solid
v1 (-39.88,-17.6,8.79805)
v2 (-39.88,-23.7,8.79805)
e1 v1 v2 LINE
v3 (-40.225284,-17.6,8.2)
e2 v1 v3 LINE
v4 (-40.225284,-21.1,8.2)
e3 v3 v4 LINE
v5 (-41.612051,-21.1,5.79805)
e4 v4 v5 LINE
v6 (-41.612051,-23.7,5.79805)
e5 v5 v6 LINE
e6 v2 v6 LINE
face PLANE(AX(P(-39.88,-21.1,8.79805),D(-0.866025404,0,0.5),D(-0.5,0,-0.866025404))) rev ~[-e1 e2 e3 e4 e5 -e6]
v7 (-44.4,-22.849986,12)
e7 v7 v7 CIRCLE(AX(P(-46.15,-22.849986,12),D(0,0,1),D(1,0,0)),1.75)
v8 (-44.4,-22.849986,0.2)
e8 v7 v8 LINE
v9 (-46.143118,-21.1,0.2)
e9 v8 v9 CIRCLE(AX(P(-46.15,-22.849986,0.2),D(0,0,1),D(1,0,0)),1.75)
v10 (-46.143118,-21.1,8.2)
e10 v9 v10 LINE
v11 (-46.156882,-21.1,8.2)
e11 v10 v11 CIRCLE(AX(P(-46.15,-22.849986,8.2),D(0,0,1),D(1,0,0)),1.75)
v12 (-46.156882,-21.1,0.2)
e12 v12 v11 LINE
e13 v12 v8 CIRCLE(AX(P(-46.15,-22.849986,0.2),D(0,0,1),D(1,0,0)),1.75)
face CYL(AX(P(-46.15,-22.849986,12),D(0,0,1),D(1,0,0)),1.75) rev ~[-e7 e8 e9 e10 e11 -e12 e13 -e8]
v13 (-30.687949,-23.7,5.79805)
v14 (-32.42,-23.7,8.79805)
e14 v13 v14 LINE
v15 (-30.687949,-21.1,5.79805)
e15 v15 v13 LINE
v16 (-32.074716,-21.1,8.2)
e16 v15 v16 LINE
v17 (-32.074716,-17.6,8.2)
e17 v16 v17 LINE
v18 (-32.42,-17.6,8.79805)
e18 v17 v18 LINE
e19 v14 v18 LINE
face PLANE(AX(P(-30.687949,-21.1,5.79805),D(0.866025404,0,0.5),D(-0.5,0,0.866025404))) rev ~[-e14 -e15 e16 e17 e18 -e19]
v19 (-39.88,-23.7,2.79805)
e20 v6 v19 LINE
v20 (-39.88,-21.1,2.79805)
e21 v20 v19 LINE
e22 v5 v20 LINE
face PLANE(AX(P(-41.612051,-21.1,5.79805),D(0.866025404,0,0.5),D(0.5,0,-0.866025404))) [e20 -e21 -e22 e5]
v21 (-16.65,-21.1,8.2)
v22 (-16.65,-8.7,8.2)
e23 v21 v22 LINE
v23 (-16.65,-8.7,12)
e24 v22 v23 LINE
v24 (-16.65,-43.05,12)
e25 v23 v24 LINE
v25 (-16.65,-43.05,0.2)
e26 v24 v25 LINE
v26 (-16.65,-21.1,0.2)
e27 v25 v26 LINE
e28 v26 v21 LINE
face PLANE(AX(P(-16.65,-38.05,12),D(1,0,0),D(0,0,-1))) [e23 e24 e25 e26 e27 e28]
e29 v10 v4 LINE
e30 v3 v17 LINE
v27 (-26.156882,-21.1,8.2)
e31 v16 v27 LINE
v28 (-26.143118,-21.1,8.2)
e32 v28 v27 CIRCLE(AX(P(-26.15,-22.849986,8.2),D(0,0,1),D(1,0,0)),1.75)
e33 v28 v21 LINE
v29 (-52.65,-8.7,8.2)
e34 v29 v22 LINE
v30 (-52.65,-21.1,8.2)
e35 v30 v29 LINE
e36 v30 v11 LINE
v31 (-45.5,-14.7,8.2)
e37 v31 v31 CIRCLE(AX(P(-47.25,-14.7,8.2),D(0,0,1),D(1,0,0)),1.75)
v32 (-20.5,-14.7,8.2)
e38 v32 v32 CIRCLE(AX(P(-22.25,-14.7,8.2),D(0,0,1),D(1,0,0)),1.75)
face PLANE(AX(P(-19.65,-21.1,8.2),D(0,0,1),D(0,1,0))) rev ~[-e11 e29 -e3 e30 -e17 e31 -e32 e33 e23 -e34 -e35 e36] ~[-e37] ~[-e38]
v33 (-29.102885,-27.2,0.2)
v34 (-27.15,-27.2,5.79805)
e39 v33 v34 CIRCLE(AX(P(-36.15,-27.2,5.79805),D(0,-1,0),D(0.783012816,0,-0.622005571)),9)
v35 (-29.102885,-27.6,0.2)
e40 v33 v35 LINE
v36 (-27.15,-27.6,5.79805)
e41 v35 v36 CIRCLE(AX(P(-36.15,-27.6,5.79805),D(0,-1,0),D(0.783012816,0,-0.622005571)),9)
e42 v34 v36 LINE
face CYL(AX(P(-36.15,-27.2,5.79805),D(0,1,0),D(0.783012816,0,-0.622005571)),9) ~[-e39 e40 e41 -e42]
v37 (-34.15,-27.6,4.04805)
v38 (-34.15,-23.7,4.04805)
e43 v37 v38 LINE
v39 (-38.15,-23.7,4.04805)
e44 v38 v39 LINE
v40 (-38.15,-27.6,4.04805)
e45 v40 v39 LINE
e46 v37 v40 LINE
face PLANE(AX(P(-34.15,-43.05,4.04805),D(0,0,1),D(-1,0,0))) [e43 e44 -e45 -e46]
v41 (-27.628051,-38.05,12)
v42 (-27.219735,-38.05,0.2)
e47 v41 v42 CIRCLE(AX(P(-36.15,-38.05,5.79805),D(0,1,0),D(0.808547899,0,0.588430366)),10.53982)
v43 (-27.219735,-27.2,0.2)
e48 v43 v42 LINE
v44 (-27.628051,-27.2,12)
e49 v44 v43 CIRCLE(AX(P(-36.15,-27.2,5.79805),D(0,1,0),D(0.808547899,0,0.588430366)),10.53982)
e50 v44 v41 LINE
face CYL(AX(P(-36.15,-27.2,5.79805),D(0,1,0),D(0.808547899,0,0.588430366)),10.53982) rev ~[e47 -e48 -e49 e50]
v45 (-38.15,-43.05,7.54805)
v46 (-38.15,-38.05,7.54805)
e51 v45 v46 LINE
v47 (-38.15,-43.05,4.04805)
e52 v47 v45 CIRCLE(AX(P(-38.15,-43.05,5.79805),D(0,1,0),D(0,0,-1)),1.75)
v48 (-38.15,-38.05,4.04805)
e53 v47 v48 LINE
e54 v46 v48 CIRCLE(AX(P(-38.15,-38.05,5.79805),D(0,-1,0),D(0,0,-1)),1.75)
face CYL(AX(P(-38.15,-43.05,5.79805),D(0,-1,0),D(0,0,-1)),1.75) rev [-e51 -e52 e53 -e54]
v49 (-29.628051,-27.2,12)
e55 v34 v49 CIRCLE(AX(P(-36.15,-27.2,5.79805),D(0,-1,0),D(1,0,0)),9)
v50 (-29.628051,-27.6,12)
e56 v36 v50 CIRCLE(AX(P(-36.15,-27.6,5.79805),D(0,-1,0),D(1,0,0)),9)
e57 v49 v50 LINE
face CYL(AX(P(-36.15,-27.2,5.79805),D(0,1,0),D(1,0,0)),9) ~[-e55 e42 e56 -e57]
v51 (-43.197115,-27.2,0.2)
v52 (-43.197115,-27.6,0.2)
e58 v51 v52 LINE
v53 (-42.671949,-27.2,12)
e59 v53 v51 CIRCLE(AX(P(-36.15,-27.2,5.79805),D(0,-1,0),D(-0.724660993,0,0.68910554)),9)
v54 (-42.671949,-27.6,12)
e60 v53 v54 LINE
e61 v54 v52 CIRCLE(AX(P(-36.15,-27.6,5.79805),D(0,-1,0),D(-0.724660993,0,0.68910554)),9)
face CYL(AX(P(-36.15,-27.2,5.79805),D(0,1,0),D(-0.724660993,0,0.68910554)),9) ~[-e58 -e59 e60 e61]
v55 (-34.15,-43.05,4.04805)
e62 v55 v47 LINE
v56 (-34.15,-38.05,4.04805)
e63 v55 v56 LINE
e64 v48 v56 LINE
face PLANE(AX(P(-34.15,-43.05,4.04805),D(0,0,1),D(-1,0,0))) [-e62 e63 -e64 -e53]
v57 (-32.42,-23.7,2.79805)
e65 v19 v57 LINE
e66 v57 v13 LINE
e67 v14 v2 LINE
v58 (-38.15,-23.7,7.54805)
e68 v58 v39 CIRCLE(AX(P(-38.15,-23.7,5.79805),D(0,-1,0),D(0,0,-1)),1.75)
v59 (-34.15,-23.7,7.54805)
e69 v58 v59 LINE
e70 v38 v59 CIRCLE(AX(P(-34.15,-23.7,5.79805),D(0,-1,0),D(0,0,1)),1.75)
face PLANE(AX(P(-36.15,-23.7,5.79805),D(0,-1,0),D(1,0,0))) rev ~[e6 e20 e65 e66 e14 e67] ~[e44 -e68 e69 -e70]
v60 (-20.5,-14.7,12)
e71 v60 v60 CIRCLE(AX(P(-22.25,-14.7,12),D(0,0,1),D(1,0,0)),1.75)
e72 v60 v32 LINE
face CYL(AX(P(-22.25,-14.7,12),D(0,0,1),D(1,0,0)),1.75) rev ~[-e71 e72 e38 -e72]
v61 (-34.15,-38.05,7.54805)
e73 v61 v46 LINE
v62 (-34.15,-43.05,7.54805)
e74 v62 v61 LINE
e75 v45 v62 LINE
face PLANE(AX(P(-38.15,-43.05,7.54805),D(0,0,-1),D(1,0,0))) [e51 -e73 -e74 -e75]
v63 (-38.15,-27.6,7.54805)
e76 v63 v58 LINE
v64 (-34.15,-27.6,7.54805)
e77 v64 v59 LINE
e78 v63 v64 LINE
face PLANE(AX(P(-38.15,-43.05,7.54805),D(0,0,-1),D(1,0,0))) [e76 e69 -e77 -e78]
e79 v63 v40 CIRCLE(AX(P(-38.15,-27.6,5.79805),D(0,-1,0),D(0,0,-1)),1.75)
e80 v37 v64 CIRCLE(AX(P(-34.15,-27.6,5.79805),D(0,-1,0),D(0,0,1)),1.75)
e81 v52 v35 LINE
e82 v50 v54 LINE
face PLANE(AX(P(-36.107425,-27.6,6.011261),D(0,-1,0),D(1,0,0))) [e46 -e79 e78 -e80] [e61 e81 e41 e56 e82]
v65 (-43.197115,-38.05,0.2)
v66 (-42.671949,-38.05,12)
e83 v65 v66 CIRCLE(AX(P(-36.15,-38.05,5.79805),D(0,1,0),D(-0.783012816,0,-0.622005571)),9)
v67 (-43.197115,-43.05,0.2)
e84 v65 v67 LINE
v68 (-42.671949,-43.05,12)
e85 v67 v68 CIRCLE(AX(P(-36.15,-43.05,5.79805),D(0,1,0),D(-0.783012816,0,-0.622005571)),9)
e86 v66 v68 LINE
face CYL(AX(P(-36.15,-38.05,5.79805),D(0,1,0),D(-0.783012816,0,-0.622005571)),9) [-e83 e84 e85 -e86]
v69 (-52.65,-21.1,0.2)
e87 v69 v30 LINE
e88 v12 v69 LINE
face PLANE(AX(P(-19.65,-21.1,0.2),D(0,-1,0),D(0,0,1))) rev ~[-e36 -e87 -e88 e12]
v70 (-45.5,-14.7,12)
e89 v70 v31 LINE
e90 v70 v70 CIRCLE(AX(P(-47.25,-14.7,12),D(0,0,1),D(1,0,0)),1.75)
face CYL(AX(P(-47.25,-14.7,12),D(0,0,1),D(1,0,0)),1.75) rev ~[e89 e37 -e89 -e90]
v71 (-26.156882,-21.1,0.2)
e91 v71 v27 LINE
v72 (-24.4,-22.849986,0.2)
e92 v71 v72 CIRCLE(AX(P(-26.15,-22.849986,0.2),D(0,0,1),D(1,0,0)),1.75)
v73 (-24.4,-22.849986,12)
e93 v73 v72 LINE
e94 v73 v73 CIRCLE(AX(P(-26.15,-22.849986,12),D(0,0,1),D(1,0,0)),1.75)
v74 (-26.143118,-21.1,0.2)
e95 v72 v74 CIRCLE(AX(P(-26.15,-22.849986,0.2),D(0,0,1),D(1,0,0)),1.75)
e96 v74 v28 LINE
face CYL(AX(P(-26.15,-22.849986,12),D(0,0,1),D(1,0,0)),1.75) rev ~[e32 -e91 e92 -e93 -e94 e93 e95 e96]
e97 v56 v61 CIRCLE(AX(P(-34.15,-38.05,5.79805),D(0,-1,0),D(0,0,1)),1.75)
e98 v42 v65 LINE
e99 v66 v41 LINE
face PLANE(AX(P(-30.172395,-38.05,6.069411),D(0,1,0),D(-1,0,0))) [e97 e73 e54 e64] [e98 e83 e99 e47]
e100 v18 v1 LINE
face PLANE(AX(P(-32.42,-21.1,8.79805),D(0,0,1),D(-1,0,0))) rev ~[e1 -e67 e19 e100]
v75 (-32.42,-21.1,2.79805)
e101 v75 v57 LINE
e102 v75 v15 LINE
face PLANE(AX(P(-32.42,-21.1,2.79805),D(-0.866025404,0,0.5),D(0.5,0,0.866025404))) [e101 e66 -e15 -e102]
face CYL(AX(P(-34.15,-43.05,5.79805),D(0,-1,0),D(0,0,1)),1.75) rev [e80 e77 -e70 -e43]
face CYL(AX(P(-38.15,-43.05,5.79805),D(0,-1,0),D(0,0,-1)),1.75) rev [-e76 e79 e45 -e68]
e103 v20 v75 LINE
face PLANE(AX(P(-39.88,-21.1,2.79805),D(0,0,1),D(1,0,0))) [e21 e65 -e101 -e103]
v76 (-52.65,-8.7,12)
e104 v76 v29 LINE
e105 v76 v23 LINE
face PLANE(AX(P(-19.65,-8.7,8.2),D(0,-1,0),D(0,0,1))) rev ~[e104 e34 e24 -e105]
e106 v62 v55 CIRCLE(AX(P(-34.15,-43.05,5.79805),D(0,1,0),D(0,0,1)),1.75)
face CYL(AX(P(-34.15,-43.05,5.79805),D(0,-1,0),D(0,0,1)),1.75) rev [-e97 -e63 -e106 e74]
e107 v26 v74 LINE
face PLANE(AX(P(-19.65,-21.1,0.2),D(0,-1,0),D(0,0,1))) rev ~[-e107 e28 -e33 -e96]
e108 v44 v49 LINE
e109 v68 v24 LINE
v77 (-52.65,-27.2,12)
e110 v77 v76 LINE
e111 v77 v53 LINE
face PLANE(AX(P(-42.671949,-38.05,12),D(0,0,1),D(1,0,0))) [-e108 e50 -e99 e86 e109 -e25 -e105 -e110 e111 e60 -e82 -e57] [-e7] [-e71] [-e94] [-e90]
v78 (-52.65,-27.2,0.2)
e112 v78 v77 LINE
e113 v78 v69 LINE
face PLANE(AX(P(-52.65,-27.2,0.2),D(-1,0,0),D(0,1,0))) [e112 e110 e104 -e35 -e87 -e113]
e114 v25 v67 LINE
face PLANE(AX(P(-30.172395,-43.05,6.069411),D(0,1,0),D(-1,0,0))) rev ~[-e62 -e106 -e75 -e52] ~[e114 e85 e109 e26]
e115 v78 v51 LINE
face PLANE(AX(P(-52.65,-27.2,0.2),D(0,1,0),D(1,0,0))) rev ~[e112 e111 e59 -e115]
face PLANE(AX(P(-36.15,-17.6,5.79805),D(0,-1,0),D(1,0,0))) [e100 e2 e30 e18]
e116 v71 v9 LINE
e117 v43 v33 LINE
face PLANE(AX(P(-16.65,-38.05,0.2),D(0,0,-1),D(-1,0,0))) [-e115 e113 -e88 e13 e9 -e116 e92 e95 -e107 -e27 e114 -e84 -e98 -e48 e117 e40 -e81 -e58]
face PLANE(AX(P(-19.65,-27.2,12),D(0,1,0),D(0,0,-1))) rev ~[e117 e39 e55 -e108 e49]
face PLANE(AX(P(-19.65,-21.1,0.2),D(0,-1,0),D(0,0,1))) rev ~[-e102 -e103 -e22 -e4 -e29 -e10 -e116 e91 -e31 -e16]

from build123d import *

# Parameters (mm, degrees)
SALIENTE_EXTRUIR2_START    = 0.2
CROQUIS2_W                 = 33
CROQUIS2_H                 = 6.1
SALIENTE_EXTRUIR2_DEPTH    = 11.8
SALIENTE_EXTRUIR3_DEPTH    = 18.5
SALIENTE_EXTRUIR5_DEPTH    = 0.4
SALIENTE_EXTRUIR6_DEPTH    = 3
CORTAR_EXTRUIR1_REACH      = 13.8
CROQUIS5_R                 = 1.75
CORTAR_EXTRUIR2_START      = -6.1
CORTAR_EXTRUIR2_DEPTH      = 2.6
CORTAR_EXTRUIR2_DEPTH_BACK = 3.5
CORTAR_EXTRUIR3_DEPTH      = 1.4
CORTAR_EXTRUIR3_DEPTH_BACK = 19.5
SALIENTE_EXTRUIR7_DEPTH    = 10.85
SALIENTE_EXTRUIR8_DEPTH    = 5
CORTAR_EXTRUIR4_DEPTH      = 35.35


with BuildPart() as part:
    # Croquis2 → Saliente-Extruir2 (new body)
    with BuildSketch(Plane.XY.offset(SALIENTE_EXTRUIR2_START)):
        with Locations((-36.15, -24.15)):
            Rectangle(CROQUIS2_W, CROQUIS2_H)
    extrude(amount=SALIENTE_EXTRUIR2_DEPTH)

    # Croquis3 → Saliente-Extruir3 (add)
    with BuildSketch(Plane.XZ.offset(27.2)):
        with BuildLine():
            Line((-42.671948935, 12), (-52.65, 12))
            Line((-52.65, 12), (-52.65, 8.2))
            Line((-52.65, 8.2), (-44.823559642, 8.2))
            ThreePointArc((-44.823559642, 8.2), (-43.981722047, 10.232475667), (-42.671948935, 12))
        make_face()
        with BuildLine():
            Line((-19.65, 12), (-29.628051065, 12))
            ThreePointArc((-29.628051065, 12), (-28.318277953, 10.232475667), (-27.476440358, 8.2))
            Line((-27.476440358, 8.2), (-19.65, 8.2))
            Line((-19.65, 8.2), (-19.65, 12))
        make_face()
        with BuildLine():
            Line((-29.628051065, 12), (-42.671948935, 12))
            ThreePointArc((-42.671948935, 12), (-43.981722047, 10.232475667), (-44.823559642, 8.2))
            Line((-44.823559642, 8.2), (-27.476440358, 8.2))
            ThreePointArc((-27.476440358, 8.2), (-28.318277953, 10.232475667), (-29.628051065, 12))
        make_face()
    extrude(amount=-SALIENTE_EXTRUIR3_DEPTH)

    # Croquis4 → Saliente-Extruir5 (add)
    with BuildSketch(Plane.XZ.offset(27.2)):
        with BuildLine():
            ThreePointArc((-27.15, 5.798050138), (-27.79244233, 9.137395851), (-29.628051065, 12))
            Line((-29.628051065, 12), (-42.671948935, 12))
            ThreePointArc((-42.671948935, 12), (-45.141099841, 6.198204681), (-43.197115342, 0.2))
            Line((-43.197115342, 0.2), (-29.102884658, 0.2))
            ThreePointArc((-29.102884658, 0.2), (-27.652234468, 2.833597245), (-27.15, 5.798050138))
        make_face()
    extrude(amount=SALIENTE_EXTRUIR5_DEPTH)

    # Croquis6 → Saliente-Extruir6 (add)
    with BuildSketch(Plane(origin=(-19.65, 0, 0), x_dir=(0, 0, -1), z_dir=(1, 0, 0))):
        Polygon((-0.2, -21.1), (-8.2, -21.1), (-8.2, -8.7), (-12, -8.7), (-12, -27.2), (-0.2, -27.2), align=None)
    extrude(amount=SALIENTE_EXTRUIR6_DEPTH)

    # Croquis5 → Cortar-Extruir1 (cut, up to next)
    with BuildSketch(Plane.XY.offset(12), mode=Mode.PRIVATE) as cortar_extruir1_sk1:
        with Locations((-22.25, -14.7)):
            Circle(CROQUIS5_R)
    cortar_extruir1_tool1 = extrude(cortar_extruir1_sk1.sketch, amount=-CORTAR_EXTRUIR1_REACH, mode=Mode.PRIVATE) & part.part
    add(cortar_extruir1_tool1.solids().sort_by_distance((-22.25, -14.7, 12))[0], mode=Mode.SUBTRACT)
    # Croquis5 → Cortar-Extruir1 (cut, up to next)
    with BuildSketch(Plane.XY.offset(12), mode=Mode.PRIVATE) as cortar_extruir1_sk2:
        with Locations((-47.25, -14.7)):
            Circle(CROQUIS5_R)
    cortar_extruir1_tool2 = extrude(cortar_extruir1_sk2.sketch, amount=-CORTAR_EXTRUIR1_REACH, mode=Mode.PRIVATE) & part.part
    add(cortar_extruir1_tool2.solids().sort_by_distance((-47.25, -14.7, 12))[0], mode=Mode.SUBTRACT)
    # Croquis5 → Cortar-Extruir1 (cut, up to next)
    with BuildSketch(Plane.XY.offset(12), mode=Mode.PRIVATE) as cortar_extruir1_sk3:
        with Locations((-46.15, -22.849986467)):
            Circle(CROQUIS5_R)
    cortar_extruir1_tool3 = extrude(cortar_extruir1_sk3.sketch, amount=-CORTAR_EXTRUIR1_REACH, mode=Mode.PRIVATE) & part.part
    add(cortar_extruir1_tool3.solids().sort_by_distance((-46.15, -22.849986, 12))[0], mode=Mode.SUBTRACT)
    # Croquis5 → Cortar-Extruir1 (cut, up to next)
    with BuildSketch(Plane.XY.offset(12), mode=Mode.PRIVATE) as cortar_extruir1_sk4:
        with Locations((-26.15, -22.849986467)):
            Circle(CROQUIS5_R)
    cortar_extruir1_tool4 = extrude(cortar_extruir1_sk4.sketch, amount=-CORTAR_EXTRUIR1_REACH, mode=Mode.PRIVATE) & part.part
    add(cortar_extruir1_tool4.solids().sort_by_distance((-26.15, -22.849986, 12))[0], mode=Mode.SUBTRACT)

    # Croquis7 → Cortar-Extruir2 (cut, two sides)
    with BuildSketch(Plane.XZ.offset(27.2).offset(CORTAR_EXTRUIR2_START)) as cortar_extruir2_sk:
        Polygon((-41.612050808, 5.798050138), (-39.88, 2.798050138), (-32.42, 2.798050138), (-30.687949192, 5.798050138), (-32.42, 8.798050138), (-39.88, 8.798050138), align=None)
    extrude(amount=CORTAR_EXTRUIR2_DEPTH, mode=Mode.SUBTRACT)
    extrude(cortar_extruir2_sk.sketch, amount=-CORTAR_EXTRUIR2_DEPTH_BACK, mode=Mode.SUBTRACT)

    # Croquis7<3> → Cortar-Extruir3 (cut, two sides)
    with BuildSketch(Plane.XZ.offset(27.2)) as cortar_extruir3_sk:
        with BuildLine():
            ThreePointArc((-37.85, 5.798050138), (-36.15, 4.098050138), (-34.45, 5.798050138))
            Line((-34.45, 5.798050138), (-37.85, 5.798050138))
        make_face()
        with BuildLine():
            Line((-37.85, 5.798050138), (-34.45, 5.798050138))
            ThreePointArc((-34.45, 5.798050138), (-36.15, 7.498050138), (-37.85, 5.798050138))
        make_face()
    extrude(amount=CORTAR_EXTRUIR3_DEPTH, mode=Mode.SUBTRACT)
    extrude(cortar_extruir3_sk.sketch, amount=-CORTAR_EXTRUIR3_DEPTH_BACK, mode=Mode.SUBTRACT)

    # Croquis8 → Saliente-Extruir7 (add)
    with BuildSketch(Plane.XZ.offset(27.2)):
        with BuildLine():
            Line((-27.219735144, 0.2), (-16.65, 0.2))
            Line((-16.65, 0.2), (-16.65, 12))
            Line((-16.65, 12), (-27.628051065, 12))
            ThreePointArc((-27.628051065, 12), (-25.616484844, 6.162541828), (-27.219735144, 0.2))
        make_face()
    extrude(amount=SALIENTE_EXTRUIR7_DEPTH)

    # Croquis9 → Saliente-Extruir8 (add)
    with BuildSketch(Plane.XZ.offset(38.05)):
        with BuildLine():
            Line((-16.65, 12), (-16.65, 0.2))
            Line((-16.65, 0.2), (-43.197115342, 0.2))
            ThreePointArc((-43.197115342, 0.2), (-45.141099841, 6.198204681), (-42.671948935, 12))
            Line((-42.671948935, 12), (-16.65, 12))
        make_face()
    extrude(amount=SALIENTE_EXTRUIR8_DEPTH)

    # Croquis10 → Cortar-Extruir4 (cut, through all)
    with BuildSketch(Plane.XZ.offset(43.05)):
        with BuildLine():
            Line((-38.15, 7.548050138), (-34.15, 7.548050138))
            ThreePointArc((-34.15, 7.548050138), (-32.4, 5.798050138), (-34.15, 4.048050138))
            Line((-34.15, 4.048050138), (-38.15, 4.048050138))
            ThreePointArc((-38.15, 4.048050138), (-39.9, 5.798050138), (-38.15, 7.548050138))
        make_face()
    extrude(amount=-CORTAR_EXTRUIR4_DEPTH, mode=Mode.SUBTRACT)


solid = part.part
